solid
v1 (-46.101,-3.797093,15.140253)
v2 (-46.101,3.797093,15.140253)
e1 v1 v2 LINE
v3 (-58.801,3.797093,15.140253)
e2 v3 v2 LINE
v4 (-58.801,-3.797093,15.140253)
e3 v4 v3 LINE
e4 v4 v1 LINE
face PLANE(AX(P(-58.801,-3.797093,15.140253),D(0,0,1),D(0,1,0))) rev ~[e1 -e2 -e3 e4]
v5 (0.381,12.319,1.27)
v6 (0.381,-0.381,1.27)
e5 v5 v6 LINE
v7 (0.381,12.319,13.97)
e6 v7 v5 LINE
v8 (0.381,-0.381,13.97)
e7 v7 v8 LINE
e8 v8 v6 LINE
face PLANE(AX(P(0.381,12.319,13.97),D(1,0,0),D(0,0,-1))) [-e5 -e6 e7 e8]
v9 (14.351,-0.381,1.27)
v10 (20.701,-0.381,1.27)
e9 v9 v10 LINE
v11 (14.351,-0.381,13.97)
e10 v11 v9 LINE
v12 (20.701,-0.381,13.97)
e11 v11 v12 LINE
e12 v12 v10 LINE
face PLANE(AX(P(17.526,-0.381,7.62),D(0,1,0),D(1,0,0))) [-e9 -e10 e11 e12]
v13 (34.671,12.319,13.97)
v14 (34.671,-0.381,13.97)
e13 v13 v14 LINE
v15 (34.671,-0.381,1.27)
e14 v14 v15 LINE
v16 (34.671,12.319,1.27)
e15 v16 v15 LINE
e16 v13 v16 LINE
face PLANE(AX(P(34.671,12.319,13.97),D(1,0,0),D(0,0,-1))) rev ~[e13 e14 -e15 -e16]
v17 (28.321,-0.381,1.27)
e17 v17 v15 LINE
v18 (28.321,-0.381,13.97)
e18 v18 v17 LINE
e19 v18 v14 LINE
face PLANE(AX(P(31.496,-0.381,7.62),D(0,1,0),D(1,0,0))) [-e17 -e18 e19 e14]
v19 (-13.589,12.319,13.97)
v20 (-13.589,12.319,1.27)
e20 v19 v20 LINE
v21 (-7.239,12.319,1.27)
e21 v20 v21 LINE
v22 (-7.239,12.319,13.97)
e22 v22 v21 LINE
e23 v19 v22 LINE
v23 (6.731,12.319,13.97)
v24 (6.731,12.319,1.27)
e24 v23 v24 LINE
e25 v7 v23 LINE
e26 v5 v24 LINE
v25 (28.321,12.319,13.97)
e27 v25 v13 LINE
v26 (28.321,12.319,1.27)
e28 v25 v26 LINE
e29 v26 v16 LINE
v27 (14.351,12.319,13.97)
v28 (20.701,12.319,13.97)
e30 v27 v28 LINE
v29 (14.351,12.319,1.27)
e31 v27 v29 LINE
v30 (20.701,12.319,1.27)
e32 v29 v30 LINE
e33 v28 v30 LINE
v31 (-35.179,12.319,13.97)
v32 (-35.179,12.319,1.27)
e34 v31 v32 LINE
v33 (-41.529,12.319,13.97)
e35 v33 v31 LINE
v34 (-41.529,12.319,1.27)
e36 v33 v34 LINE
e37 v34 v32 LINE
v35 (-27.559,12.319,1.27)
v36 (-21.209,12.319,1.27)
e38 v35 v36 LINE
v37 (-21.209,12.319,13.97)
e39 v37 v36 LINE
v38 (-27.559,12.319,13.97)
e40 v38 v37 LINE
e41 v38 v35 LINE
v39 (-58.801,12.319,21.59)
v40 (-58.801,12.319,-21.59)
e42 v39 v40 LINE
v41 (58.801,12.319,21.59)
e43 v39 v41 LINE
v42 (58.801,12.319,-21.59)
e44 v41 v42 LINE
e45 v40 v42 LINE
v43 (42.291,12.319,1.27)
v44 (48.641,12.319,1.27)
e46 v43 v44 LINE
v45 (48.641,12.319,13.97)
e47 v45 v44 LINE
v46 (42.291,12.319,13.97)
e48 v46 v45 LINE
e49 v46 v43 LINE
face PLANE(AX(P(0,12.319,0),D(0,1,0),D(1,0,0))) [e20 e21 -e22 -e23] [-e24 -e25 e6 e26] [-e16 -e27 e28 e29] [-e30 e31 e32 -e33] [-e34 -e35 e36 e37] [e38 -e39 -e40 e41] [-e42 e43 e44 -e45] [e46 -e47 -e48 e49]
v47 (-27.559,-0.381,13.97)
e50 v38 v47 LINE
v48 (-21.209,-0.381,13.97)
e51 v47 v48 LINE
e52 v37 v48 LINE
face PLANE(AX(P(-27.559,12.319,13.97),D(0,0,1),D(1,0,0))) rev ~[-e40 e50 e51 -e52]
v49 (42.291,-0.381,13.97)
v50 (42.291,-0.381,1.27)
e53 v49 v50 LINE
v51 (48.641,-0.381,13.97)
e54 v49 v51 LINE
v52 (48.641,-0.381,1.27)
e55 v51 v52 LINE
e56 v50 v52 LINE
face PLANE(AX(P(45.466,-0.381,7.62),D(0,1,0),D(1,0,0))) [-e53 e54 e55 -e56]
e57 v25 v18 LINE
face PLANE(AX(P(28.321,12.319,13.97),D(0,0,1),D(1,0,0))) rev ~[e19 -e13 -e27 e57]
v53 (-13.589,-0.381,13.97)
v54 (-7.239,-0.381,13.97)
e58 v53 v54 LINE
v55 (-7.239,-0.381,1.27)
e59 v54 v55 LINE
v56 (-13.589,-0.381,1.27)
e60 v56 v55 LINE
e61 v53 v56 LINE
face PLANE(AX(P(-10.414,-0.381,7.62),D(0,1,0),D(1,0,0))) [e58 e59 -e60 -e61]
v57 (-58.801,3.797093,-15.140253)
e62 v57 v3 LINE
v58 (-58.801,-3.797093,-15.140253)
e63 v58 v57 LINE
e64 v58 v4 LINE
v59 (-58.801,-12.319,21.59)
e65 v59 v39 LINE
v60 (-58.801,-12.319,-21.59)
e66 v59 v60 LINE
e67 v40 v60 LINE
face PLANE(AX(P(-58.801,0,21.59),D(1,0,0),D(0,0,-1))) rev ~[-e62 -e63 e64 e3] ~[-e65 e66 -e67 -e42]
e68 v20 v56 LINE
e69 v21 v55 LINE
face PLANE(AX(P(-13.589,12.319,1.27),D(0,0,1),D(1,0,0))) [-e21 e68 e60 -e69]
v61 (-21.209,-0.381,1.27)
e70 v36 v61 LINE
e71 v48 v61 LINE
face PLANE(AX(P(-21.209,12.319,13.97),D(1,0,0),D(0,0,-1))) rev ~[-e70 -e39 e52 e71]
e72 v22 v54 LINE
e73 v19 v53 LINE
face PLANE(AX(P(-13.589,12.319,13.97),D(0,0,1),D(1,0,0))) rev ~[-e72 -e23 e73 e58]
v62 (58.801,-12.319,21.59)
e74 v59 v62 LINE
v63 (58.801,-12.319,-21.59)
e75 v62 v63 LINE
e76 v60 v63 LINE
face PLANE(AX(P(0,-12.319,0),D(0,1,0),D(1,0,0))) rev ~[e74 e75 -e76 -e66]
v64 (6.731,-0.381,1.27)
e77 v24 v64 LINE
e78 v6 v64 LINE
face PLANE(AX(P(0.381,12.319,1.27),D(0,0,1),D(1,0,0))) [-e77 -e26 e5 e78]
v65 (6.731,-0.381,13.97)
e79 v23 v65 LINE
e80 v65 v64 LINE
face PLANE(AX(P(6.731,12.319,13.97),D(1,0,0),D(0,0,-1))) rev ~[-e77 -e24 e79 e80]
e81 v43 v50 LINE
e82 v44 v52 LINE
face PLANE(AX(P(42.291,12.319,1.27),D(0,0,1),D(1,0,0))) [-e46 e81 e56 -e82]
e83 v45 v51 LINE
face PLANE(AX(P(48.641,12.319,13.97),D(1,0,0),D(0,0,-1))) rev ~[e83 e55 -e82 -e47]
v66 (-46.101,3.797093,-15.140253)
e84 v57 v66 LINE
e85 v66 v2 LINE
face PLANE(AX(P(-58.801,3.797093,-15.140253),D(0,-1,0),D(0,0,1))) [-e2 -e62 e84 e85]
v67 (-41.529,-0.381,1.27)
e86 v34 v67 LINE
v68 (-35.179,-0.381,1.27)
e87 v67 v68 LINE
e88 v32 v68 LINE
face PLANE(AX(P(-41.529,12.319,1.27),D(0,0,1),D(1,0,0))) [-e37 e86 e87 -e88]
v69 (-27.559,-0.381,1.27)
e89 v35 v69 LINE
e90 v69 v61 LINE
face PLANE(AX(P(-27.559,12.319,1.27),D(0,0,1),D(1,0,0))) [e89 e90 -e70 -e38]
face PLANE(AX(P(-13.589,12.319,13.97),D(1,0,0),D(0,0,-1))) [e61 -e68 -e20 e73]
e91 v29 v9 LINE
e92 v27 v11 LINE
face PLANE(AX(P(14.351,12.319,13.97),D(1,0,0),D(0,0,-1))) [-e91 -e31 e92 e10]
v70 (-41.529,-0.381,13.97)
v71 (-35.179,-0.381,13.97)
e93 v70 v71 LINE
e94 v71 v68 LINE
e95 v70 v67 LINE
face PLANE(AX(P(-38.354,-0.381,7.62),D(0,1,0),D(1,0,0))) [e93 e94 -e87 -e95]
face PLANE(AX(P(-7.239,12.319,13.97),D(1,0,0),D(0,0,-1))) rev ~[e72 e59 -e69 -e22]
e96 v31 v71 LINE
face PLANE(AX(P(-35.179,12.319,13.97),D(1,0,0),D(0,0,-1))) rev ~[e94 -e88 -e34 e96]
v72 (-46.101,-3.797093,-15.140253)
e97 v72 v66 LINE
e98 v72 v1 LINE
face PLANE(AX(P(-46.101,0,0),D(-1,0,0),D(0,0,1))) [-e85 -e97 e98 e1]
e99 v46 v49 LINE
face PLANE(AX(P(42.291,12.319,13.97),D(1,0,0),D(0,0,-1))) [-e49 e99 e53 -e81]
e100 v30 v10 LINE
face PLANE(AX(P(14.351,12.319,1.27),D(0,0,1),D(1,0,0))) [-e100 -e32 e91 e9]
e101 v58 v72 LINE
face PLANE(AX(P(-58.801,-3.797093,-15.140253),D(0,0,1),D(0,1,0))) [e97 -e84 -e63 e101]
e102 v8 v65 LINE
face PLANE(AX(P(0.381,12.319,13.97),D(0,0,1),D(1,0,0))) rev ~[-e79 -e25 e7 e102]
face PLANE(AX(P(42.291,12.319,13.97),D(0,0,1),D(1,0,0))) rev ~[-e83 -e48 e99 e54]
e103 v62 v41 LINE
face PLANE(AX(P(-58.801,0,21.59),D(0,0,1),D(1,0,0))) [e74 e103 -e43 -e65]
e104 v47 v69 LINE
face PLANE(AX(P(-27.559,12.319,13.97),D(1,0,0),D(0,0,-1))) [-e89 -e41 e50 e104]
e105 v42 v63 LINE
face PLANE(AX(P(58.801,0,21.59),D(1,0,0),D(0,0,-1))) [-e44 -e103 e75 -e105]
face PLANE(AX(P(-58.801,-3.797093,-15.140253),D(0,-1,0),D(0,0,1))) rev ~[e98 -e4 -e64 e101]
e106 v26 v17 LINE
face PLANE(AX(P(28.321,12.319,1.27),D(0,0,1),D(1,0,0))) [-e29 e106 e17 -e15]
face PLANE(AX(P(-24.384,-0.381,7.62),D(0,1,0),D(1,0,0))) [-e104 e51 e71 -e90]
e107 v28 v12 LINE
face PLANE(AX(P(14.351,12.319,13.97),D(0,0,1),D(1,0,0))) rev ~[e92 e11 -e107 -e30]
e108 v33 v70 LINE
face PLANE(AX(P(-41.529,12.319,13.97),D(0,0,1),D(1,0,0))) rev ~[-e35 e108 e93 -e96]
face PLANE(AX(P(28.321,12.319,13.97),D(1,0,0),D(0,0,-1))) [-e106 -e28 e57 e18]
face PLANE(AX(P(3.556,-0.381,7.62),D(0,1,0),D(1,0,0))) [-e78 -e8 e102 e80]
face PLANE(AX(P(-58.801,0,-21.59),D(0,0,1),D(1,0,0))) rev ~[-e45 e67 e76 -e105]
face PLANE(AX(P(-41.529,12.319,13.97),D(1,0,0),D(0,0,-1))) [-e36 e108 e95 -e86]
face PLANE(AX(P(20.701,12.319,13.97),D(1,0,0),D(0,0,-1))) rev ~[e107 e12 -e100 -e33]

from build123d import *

# Parameters (mm, degrees)
SKETCH1_W           = 117.602
SKETCH1_H           = 43.18
BOSS_EXTRUDE1_DEPTH = 12.319
SKETCH2_W           = 6.35
SKETCH2_H           = 12.7
CUT_EXTRUDE1_DEPTH  = 12.7
SKETCH3_W           = 30.280505476
SKETCH3_H           = 7.594186668
CUT_EXTRUDE2_DEPTH  = 12.7


with BuildPart() as part:
    # Sketch1 → Boss-Extrude1 (new, symmetric)
    with BuildSketch(Plane(origin=(0, 0, 0), x_dir=(1, 0, 0), z_dir=(0, 1, 0))):
        Rectangle(SKETCH1_W, SKETCH1_H)
    extrude(amount=BOSS_EXTRUDE1_DEPTH, both=True)

    # Sketch2 → Cut-Extrude1 (cut)
    with BuildSketch(Plane(origin=(0, 12.319, 0), x_dir=(1, 0, 0), z_dir=(0, 1, 0))):
        with Locations((45.466, -7.62)):
            Rectangle(SKETCH2_W, SKETCH2_H)
        with Locations((31.496, -7.62)):
            Rectangle(SKETCH2_W, SKETCH2_H)
        with Locations((17.526, -7.62)):
            Rectangle(SKETCH2_W, SKETCH2_H)
        with Locations((3.556, -7.62)):
            Rectangle(SKETCH2_W, SKETCH2_H)
        with Locations((-10.414, -7.62)):
            Rectangle(SKETCH2_W, SKETCH2_H)
        with Locations((-24.384, -7.62)):
            Rectangle(SKETCH2_W, SKETCH2_H)
        with Locations((-38.354, -7.62)):
            Rectangle(SKETCH2_W, SKETCH2_H)
    extrude(amount=-CUT_EXTRUDE1_DEPTH, mode=Mode.SUBTRACT)

    # Sketch3 → Cut-Extrude2 (cut)
    with BuildSketch(Plane.ZY.offset(58.801)):
        Rectangle(SKETCH3_W, SKETCH3_H)
    extrude(amount=-CUT_EXTRUDE2_DEPTH, mode=Mode.SUBTRACT)


solid = part.part
